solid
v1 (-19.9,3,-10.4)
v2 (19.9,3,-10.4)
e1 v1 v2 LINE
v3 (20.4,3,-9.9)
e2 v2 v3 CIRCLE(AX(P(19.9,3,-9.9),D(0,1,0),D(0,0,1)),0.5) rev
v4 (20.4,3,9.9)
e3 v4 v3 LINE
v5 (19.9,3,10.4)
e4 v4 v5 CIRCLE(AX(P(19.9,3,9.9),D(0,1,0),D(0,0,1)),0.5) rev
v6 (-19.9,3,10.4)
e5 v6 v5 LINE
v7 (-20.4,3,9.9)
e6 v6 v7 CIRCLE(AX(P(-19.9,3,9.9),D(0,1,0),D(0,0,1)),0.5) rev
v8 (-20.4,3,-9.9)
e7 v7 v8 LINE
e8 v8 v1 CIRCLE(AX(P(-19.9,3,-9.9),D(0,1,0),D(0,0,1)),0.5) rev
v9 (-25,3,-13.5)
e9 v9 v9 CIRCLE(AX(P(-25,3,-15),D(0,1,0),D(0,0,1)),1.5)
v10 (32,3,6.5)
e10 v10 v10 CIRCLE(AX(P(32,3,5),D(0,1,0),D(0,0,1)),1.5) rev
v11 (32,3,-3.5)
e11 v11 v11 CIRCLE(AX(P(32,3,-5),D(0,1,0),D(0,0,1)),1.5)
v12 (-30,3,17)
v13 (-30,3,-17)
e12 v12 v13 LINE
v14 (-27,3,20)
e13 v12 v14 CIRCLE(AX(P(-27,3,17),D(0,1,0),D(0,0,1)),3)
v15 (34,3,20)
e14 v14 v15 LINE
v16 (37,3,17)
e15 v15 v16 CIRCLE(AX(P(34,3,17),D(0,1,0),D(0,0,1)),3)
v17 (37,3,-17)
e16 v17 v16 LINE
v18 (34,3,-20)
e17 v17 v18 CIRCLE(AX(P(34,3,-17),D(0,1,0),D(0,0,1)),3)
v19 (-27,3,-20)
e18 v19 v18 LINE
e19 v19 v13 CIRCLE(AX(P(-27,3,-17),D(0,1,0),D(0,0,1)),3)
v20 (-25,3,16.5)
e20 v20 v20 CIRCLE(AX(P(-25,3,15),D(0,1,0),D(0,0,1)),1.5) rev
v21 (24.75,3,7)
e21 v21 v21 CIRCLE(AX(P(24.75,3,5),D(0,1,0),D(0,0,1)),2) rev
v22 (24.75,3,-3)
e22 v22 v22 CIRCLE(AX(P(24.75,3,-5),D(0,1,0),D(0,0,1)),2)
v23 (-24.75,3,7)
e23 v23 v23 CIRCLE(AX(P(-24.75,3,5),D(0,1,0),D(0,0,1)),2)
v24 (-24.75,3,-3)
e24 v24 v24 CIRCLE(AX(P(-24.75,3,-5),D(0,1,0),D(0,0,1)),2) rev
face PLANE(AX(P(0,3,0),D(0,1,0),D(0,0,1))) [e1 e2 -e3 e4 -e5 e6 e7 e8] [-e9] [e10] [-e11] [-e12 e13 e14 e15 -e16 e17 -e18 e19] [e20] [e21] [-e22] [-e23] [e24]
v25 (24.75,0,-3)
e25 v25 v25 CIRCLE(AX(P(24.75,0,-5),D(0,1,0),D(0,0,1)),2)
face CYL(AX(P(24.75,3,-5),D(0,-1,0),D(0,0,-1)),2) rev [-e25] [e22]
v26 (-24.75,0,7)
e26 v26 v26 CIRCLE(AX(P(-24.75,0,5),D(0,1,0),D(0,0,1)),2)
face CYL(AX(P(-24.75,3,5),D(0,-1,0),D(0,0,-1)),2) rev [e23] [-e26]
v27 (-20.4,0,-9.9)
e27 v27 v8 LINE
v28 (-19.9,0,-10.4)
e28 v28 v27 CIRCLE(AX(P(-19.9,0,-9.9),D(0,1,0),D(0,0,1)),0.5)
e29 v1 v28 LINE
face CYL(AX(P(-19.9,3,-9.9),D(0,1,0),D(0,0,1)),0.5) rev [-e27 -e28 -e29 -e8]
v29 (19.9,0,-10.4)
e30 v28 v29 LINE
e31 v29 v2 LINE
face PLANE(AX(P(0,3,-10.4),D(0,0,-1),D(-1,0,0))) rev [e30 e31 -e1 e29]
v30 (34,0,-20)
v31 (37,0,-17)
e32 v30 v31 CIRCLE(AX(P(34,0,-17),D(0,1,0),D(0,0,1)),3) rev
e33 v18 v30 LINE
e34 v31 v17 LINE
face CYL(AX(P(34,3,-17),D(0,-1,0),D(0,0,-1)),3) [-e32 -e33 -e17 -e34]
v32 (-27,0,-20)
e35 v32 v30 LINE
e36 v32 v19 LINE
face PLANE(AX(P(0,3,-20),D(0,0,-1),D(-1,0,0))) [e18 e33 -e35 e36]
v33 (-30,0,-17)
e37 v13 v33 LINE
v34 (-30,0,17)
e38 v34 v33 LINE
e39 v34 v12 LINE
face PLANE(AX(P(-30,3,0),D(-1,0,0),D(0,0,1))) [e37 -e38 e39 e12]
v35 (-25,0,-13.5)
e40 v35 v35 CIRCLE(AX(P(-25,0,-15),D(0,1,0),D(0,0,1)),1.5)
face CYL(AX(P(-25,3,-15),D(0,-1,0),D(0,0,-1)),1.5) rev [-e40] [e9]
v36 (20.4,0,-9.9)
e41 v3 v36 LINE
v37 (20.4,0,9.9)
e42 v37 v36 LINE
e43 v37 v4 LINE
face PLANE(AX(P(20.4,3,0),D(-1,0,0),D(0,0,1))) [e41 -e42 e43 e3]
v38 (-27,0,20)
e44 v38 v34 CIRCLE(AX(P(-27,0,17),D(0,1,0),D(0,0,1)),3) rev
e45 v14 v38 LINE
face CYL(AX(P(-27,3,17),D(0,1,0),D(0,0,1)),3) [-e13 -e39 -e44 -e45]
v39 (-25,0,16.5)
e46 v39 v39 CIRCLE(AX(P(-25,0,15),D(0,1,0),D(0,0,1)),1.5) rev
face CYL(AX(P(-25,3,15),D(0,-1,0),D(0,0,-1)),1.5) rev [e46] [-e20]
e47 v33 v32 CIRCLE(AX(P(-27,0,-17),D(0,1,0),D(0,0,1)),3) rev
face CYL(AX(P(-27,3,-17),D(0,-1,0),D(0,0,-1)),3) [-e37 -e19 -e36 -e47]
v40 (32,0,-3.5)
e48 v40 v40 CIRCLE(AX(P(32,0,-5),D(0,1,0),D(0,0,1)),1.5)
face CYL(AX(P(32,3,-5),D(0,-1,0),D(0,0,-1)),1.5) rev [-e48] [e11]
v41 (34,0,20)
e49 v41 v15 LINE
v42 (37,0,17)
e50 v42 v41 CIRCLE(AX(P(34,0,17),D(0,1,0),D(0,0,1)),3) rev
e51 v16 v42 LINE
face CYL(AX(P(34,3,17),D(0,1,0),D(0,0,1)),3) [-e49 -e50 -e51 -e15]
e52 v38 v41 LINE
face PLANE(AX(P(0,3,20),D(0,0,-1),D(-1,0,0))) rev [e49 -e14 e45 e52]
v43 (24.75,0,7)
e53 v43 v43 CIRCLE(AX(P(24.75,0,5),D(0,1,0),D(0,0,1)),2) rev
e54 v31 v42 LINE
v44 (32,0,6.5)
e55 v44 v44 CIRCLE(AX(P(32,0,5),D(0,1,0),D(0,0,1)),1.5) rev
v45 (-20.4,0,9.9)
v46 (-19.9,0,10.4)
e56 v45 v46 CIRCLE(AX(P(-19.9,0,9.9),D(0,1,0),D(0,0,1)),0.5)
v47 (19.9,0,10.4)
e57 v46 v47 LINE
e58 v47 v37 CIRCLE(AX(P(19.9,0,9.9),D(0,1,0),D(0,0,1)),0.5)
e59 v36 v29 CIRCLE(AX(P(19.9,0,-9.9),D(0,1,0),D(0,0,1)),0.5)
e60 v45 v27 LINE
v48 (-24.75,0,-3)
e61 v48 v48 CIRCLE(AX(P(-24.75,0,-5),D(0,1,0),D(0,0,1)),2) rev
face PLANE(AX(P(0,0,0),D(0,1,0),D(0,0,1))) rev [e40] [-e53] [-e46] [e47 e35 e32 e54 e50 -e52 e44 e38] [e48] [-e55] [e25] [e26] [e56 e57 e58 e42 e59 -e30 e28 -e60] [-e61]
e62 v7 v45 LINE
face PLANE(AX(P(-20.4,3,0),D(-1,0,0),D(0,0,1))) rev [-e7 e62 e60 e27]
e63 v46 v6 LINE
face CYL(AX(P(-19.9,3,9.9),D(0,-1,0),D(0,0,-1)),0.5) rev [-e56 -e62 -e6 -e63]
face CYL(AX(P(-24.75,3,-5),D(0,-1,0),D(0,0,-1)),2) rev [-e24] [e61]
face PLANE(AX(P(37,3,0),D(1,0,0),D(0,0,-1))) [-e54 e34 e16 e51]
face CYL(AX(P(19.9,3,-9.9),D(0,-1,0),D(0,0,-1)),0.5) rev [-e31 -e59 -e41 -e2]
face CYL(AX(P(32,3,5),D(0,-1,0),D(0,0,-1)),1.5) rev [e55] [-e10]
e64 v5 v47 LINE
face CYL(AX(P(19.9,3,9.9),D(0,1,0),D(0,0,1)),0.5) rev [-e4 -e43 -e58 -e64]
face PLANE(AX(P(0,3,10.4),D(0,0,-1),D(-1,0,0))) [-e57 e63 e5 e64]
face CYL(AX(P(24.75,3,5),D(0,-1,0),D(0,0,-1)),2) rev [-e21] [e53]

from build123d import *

# Parameters (mm, degrees)
SKETCH_1_W      = 60
SKETCH_1_H      = 40
SKETCH_1_R      = 2
SKETCH_1_R_2    = 1.5
SKETCH_1_W_2    = 40.8
SKETCH_1_H_2    = 20.8
SKETCH_1_W_3    = 7
EXTRUDE_1_DEPTH = 3
FILLET_1_R      = 0.5
FILLET_2_R      = 3


with BuildPart() as part:
    # 草图1 → 凸台-拉伸1 (new body)
    # profile 1 of 2: a face of its own
    with BuildSketch(Plane(origin=(0, 0, 0), x_dir=(1, 0, 0), z_dir=(0, 1, 0))):
        Rectangle(SKETCH_1_W, SKETCH_1_H)
        with Locations(Location((-24.75, 5, 0), (0, 0, 270))):
            Circle(SKETCH_1_R, mode=Mode.SUBTRACT)
        with Locations(Location((-24.75, -5, 0), (0, 0, 270))):
            Circle(SKETCH_1_R, mode=Mode.SUBTRACT)
        with Locations(Location((24.75, 5, 0), (0, 0, 270))):
            Circle(SKETCH_1_R, mode=Mode.SUBTRACT)
        with Locations(Location((24.75, -5, 0), (0, 0, 270))):
            Circle(SKETCH_1_R, mode=Mode.SUBTRACT)
        with Locations(Location((-25, 15, 0), (0, 0, 270))):
            Circle(SKETCH_1_R_2, mode=Mode.SUBTRACT)
        with Locations(Location((-25, -15, 0), (0, 0, 270))):
            Circle(SKETCH_1_R_2, mode=Mode.SUBTRACT)
        Rectangle(SKETCH_1_W_2, SKETCH_1_H_2, mode=Mode.SUBTRACT)
    # profile 2 of 2: a face of its own
    with BuildSketch(Plane(origin=(0, 0, 0), x_dir=(1, 0, 0), z_dir=(0, 1, 0))):
        with Locations((33.5, 0)):
            Rectangle(SKETCH_1_W_3, SKETCH_1_H)
        with Locations(Location((32, 5, 0), (0, 0, 270))):
            Circle(SKETCH_1_R_2, mode=Mode.SUBTRACT)
        with Locations(Location((32, -5, 0), (0, 0, 270))):
            Circle(SKETCH_1_R_2, mode=Mode.SUBTRACT)
    extrude(amount=EXTRUDE_1_DEPTH)

    # 圆角1
    fillet_1_edges = [part.edges().sort_by_distance(p)[0] for p in [
        (20.4, 1.5, -10.4),
        (-20.4, 1.5, -10.4),
        (-20.4, 1.5, 10.4),
        (20.4, 1.5, 10.4),
    ]]
    fillet(fillet_1_edges, radius=FILLET_1_R)

    # 圆角2
    fillet_2_edges = [part.edges().sort_by_distance(p)[0] for p in [
        (-30, 1.5, 20),
        (-30, 1.5, -20),
        (37, 1.5, -20),
        (37, 1.5, 20),
    ]]
    fillet(fillet_2_edges, radius=FILLET_2_R)


solid = part.part
